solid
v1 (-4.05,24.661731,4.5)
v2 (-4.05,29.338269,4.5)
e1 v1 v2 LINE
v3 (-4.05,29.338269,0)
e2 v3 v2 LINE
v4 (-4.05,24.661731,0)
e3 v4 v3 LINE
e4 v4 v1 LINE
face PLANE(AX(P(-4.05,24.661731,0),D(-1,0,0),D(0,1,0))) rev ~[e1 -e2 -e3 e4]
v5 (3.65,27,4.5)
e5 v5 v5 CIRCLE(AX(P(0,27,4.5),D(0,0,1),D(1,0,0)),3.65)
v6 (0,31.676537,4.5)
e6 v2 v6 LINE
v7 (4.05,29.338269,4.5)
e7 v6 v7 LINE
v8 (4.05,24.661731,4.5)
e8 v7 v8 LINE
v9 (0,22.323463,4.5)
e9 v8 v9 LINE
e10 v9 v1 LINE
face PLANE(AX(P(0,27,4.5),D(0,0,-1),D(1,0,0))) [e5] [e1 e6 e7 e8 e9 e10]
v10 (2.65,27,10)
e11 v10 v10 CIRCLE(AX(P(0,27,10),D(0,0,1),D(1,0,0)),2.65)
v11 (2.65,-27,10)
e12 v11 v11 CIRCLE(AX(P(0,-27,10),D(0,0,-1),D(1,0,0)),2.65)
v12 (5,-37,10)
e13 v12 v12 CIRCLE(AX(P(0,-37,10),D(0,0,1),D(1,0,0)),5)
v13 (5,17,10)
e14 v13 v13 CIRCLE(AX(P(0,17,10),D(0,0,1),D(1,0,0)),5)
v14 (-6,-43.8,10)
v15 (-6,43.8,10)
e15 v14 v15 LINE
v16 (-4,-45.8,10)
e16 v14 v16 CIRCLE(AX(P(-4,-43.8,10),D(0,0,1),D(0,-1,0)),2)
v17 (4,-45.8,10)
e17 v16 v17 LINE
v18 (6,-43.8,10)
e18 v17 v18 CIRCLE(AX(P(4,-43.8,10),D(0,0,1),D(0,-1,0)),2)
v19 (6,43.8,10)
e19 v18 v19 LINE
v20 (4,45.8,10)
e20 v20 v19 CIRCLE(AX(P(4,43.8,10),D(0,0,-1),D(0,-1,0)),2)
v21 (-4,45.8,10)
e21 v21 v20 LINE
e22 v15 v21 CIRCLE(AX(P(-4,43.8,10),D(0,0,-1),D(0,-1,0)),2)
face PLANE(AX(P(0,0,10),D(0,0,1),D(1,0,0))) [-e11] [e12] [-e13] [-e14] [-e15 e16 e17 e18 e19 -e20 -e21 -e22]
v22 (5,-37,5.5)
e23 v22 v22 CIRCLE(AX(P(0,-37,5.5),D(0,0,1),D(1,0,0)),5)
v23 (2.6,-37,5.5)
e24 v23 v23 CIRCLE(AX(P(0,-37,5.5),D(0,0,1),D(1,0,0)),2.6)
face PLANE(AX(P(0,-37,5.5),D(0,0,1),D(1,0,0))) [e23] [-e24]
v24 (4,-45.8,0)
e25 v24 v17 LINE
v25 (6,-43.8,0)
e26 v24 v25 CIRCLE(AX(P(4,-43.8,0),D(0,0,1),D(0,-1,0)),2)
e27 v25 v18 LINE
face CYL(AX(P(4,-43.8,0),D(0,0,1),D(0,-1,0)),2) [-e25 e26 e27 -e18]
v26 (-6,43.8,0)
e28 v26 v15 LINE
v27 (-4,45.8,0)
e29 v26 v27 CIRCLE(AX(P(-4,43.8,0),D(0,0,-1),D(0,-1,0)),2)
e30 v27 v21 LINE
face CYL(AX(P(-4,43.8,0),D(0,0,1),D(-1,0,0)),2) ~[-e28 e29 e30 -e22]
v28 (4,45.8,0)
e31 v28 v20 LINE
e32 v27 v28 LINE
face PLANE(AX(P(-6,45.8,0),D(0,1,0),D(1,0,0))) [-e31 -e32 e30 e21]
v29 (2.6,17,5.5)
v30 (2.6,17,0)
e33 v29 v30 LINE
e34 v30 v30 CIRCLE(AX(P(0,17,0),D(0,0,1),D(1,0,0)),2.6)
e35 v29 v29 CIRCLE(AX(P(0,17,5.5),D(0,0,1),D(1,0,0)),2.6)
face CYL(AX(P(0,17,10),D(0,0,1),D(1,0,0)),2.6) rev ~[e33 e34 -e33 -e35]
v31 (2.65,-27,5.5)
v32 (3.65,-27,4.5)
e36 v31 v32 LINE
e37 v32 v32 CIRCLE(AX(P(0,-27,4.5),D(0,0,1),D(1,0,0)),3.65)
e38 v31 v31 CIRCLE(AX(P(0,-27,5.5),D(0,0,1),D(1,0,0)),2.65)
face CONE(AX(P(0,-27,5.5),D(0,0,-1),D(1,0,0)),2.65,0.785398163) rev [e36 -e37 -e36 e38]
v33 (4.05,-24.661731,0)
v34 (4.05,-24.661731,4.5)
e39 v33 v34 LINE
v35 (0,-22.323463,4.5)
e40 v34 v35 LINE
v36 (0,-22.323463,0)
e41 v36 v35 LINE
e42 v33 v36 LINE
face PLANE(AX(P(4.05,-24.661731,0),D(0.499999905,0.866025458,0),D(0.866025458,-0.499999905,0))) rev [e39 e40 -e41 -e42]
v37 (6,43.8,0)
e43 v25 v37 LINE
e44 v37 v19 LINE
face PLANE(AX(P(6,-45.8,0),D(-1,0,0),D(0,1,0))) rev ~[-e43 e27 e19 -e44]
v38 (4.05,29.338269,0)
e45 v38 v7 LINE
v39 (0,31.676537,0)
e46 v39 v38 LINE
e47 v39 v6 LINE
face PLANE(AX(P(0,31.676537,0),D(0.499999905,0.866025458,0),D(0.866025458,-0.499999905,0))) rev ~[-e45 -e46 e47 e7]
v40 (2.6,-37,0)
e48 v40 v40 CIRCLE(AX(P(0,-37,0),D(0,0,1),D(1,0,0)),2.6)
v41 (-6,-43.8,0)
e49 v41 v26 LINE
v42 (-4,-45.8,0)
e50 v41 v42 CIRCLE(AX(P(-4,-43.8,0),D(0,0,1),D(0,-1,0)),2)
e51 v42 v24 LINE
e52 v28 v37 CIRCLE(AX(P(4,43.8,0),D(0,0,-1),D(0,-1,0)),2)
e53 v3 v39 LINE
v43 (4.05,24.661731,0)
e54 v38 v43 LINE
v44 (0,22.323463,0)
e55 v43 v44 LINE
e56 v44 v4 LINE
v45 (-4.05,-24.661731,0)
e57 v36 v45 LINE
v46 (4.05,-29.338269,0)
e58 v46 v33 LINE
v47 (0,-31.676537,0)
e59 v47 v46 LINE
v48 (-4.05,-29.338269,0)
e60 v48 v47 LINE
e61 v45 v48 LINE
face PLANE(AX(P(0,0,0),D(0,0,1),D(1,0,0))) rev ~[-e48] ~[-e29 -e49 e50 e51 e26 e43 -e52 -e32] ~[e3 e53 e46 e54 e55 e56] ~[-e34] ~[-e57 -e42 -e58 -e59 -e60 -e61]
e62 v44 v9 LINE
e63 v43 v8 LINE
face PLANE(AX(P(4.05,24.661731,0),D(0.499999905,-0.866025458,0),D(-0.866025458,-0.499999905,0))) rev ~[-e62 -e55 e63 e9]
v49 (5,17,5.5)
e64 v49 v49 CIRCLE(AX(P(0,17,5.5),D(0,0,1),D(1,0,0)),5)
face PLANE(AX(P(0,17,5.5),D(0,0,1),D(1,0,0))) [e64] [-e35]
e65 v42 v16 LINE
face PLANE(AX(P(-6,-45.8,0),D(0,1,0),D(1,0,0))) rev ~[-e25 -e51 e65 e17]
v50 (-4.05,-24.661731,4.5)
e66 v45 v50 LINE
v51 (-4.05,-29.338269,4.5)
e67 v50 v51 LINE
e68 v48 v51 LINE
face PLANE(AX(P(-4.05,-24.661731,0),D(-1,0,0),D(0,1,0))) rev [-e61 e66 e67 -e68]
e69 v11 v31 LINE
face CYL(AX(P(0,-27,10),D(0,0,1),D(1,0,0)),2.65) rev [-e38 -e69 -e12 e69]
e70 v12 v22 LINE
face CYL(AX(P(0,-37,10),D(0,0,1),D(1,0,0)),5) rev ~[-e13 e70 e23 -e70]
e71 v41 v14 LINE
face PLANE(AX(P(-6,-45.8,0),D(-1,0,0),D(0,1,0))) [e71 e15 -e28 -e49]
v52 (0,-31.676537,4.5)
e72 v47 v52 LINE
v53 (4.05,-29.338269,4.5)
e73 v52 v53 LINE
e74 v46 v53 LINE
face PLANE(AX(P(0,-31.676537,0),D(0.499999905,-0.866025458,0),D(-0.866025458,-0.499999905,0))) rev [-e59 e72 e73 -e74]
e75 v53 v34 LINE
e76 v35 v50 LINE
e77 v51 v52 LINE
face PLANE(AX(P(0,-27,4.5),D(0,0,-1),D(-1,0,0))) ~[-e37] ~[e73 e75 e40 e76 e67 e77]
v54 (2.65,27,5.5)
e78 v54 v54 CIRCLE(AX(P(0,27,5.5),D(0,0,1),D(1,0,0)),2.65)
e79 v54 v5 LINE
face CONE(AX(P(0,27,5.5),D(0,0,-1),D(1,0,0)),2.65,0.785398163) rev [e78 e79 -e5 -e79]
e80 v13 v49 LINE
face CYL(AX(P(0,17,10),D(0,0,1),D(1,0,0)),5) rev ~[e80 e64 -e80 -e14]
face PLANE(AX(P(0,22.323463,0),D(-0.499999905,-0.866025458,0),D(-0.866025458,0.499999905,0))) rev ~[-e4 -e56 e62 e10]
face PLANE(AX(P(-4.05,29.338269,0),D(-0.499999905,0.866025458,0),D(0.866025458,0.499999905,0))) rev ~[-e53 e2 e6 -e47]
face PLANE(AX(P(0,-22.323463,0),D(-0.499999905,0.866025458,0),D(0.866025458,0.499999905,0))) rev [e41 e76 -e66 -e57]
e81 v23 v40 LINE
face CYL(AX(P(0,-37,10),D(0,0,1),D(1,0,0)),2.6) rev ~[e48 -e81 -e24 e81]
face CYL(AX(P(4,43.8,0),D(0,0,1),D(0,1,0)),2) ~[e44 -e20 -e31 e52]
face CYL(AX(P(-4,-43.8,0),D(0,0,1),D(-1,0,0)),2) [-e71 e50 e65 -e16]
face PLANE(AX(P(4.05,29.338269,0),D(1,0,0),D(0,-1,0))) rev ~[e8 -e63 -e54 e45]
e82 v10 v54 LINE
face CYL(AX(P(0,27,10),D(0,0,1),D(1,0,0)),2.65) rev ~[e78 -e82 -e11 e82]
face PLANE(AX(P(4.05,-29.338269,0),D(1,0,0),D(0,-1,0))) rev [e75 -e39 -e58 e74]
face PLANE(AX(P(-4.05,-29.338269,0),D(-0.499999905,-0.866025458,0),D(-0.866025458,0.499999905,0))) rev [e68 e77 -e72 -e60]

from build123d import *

# Parameters (mm, degrees)
SKETCH_W        = 12
SKETCH_H        = 91.6
PAD_DEPTH       = 10
SKETCH001_R     = 2.65
POCKET_DEPTH    = 195.845666
POCKET001_DEPTH = 4.5
SKETCH003_R     = 5
POCKET002_DEPTH = 4.5
SKETCH004_R     = 2.6
POCKET003_DEPTH = 10.001
FILLET_R        = 2
CHAMFER_SIZE    = 1


with BuildPart() as part:
    # Sketch → Pad (new body)
    with BuildSketch(Plane.XY):
        Rectangle(SKETCH_W, SKETCH_H)
    extrude(amount=PAD_DEPTH)

    # Sketch001 (on Face6 of Pad) → Pocket (cut, through all)
    with BuildSketch(Plane.XY.offset(10)):
        with Locations((0, 27)):
            Circle(SKETCH001_R)
    pocket = extrude(amount=-POCKET_DEPTH, mode=Mode.SUBTRACT)

    # Sketch002 (on Face4 of Pocket) → Pocket001 (cut)
    with BuildSketch(Plane(origin=(0, 0, 0), x_dir=(1, 0, 0), z_dir=(0, 0, -1))):
        Polygon((0, -22.323463), (-4.05, -24.661731), (-4.05, -29.338269), (0, -31.676537), (4.05, -29.338269), (4.05, -24.661731), align=None)
    pocket001 = extrude(amount=-POCKET001_DEPTH, mode=Mode.SUBTRACT)

    # Mirrored: Pocket001, Pocket across XZ
    add(pocket001.mirror(Plane.XZ), mode=Mode.SUBTRACT)
    add(pocket.mirror(Plane.XZ), mode=Mode.SUBTRACT)

    # Sketch003 (on Face5 of Mirrored) → Pocket002 (cut)
    with BuildSketch(Plane.XY.offset(10)):
        with Locations((0, 17)):
            Circle(SKETCH003_R)
        with Locations((0, -37)):
            Circle(SKETCH003_R)
    extrude(amount=-POCKET002_DEPTH, mode=Mode.SUBTRACT)

    # Sketch004 (on Face5 of Pocket002) → Pocket003 (cut, through all)
    with BuildSketch(Plane.XY.offset(10)):
        with Locations((0, 17)):
            Circle(SKETCH004_R)
        with Locations((0, -37)):
            Circle(SKETCH004_R)
    extrude(amount=-POCKET003_DEPTH, mode=Mode.SUBTRACT)

    # Fillet
    fillet_edges = [part.edges().sort_by_distance(p)[0] for p in [
        (-6, 45.8, 5),
        (-6, -45.8, 5),
        (6, -45.8, 5),
        (6, 45.8, 5),
    ]]
    fillet(fillet_edges, radius=FILLET_R)

    # Chamfer
    chamfer_edges = [part.edges().sort_by_distance(p)[0] for p in [
        (-2.65, 27, 4.5),
        (-2.65, -27, 4.5),
    ]]
    chamfer(chamfer_edges, length=CHAMFER_SIZE)


solid = part.part
